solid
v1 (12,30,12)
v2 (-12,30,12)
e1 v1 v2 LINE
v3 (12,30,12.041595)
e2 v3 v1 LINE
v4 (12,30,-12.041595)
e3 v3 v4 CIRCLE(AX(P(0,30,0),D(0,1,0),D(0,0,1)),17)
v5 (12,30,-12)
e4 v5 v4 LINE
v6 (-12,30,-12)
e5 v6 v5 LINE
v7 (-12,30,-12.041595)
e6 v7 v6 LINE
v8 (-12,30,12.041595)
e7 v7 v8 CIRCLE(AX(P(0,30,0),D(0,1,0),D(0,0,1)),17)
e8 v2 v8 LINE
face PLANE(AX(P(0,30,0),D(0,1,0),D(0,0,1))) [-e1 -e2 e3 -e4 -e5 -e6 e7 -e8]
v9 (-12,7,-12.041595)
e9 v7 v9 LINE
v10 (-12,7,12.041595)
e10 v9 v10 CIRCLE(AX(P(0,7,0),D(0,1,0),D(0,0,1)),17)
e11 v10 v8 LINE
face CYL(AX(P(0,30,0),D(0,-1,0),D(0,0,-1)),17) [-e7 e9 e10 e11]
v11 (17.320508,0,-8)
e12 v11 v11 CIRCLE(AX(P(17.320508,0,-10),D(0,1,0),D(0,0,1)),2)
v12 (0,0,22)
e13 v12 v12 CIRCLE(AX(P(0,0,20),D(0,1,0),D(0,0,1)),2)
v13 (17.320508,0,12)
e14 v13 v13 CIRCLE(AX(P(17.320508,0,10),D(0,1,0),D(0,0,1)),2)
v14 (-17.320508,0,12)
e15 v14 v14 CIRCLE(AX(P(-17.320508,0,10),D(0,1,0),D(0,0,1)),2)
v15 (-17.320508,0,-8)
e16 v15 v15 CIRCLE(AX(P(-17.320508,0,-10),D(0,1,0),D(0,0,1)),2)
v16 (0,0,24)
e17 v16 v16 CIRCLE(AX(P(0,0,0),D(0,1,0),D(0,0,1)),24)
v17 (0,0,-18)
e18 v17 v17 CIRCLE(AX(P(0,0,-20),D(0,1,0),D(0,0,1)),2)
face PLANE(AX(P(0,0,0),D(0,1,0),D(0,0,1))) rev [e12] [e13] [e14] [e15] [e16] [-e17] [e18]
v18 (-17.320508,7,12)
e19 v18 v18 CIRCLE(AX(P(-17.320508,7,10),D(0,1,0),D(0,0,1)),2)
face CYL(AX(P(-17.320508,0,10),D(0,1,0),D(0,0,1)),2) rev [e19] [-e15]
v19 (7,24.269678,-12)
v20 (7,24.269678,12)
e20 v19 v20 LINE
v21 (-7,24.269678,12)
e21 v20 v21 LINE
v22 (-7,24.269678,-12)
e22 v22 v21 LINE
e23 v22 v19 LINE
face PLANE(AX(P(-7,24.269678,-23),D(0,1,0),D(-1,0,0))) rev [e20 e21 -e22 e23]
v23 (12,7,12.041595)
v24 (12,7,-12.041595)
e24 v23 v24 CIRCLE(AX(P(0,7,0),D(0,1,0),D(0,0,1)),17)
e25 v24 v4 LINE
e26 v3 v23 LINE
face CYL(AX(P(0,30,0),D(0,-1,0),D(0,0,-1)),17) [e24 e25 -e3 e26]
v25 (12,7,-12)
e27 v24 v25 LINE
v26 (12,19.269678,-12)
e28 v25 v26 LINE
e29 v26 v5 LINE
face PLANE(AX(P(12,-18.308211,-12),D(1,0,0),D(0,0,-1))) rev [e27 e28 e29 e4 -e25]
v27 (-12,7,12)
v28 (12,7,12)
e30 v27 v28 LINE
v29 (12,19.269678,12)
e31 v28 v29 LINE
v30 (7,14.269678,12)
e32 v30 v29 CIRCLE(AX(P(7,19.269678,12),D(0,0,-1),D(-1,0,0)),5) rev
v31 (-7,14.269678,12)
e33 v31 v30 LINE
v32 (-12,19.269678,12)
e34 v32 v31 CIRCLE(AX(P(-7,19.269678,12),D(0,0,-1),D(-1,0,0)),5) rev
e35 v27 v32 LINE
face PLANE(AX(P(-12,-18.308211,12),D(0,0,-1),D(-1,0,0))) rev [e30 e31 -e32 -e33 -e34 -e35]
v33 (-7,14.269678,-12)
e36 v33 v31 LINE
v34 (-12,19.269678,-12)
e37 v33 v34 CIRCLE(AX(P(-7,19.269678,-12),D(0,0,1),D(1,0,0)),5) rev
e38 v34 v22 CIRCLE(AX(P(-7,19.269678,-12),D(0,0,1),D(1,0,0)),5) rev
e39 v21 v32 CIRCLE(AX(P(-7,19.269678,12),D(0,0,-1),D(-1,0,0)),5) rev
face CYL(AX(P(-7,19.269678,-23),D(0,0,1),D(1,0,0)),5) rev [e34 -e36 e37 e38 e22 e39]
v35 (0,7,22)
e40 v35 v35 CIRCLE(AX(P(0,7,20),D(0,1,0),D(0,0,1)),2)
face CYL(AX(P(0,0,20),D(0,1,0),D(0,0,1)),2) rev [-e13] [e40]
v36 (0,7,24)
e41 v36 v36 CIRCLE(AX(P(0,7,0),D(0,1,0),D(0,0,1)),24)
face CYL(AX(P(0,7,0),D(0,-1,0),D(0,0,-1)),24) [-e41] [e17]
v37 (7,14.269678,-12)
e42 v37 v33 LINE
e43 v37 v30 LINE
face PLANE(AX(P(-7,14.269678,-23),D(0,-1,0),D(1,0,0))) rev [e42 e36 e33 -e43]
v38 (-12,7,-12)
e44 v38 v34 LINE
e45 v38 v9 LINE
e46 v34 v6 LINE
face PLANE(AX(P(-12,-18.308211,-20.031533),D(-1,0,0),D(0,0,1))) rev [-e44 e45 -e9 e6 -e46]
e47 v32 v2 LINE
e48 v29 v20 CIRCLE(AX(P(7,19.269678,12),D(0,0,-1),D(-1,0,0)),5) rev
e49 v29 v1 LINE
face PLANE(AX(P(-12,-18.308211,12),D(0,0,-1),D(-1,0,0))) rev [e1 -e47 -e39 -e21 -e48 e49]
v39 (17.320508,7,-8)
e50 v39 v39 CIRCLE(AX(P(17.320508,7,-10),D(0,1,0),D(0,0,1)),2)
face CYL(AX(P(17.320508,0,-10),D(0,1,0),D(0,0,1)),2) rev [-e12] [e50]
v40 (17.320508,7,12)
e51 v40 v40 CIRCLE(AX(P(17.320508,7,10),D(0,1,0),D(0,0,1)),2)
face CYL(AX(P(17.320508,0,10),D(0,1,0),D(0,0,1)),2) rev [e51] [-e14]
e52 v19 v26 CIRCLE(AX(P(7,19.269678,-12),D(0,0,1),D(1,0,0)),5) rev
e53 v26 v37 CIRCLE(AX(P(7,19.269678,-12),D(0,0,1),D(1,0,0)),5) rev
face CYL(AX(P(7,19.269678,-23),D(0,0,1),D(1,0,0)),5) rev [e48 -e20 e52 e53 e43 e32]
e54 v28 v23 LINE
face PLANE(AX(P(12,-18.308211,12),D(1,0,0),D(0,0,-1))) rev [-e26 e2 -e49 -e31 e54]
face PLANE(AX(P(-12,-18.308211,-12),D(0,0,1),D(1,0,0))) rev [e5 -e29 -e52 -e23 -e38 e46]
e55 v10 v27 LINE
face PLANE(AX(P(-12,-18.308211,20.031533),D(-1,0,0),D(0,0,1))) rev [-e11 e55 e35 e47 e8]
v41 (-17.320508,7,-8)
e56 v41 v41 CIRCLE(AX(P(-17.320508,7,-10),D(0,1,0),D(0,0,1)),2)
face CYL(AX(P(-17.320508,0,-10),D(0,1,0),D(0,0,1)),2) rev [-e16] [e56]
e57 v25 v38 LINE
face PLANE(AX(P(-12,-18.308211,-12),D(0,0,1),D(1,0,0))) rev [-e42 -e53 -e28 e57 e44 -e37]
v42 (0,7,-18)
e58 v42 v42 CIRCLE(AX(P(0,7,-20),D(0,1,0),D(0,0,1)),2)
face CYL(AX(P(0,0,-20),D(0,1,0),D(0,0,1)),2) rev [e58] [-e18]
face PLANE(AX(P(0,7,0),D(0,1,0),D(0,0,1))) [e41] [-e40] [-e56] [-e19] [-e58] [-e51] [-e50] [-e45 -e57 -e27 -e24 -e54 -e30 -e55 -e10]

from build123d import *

# Parameters (mm, degrees)
SKETCH_1_R          = 24
EXTRUDE_1_DEPTH     = 7
SKETCH_2_R          = 17
EXTRUDE_2_DEPTH     = 23
CUT_EXTRUDE_1_DEPTH = 23
CUT_EXTRUDE_3_REACH = 47.299
SKETCH_4_W          = 24
SKETCH_4_H          = 8.031532799
SKETCH_5_R          = 2
CUT_EXTRUDE_2_DEPTH = 42


with BuildPart() as part:
    # Эскиз1 → Вытянуть1 (new body)
    with BuildSketch(Plane(origin=(0, 0, 0), x_dir=(1, 0, 0), z_dir=(0, 1, 0))):
        with Locations(Location((0, 0, 0), (0, 0, 270))):
            Circle(SKETCH_1_R)
    extrude(amount=EXTRUDE_1_DEPTH)

    # Эскиз2 → Вытянуть2 (add)
    with BuildSketch(Plane(origin=(0, 7, 0), x_dir=(1, 0, 0), z_dir=(0, 1, 0))):
        with Locations(Location((0, 0, 0), (0, 0, 270))):
            Circle(SKETCH_2_R)
    extrude(amount=EXTRUDE_2_DEPTH)

    # Эскиз3 → Вырез-Вытянуть1 (cut, symmetric)
    with BuildSketch(Plane.XY):
        with BuildLine():
            Line((-7, 24.269678179), (7, 24.269678179))
            ThreePointArc((7, 24.269678179), (12, 19.269678179), (7, 14.269678179))
            Line((7, 14.269678179), (-7, 14.269678179))
            ThreePointArc((-7, 14.269678179), (-12, 19.269678179), (-7, 24.269678179))
        make_face()
    extrude(amount=CUT_EXTRUDE_1_DEPTH, both=True, mode=Mode.SUBTRACT)

    # Вытянуть3: up to this face of the body (flat: up to its plane)
    cut_extrude_3_end = Plane(part.part.faces().sort_by_distance((0, 7, -23.32117749))[0])
    # Эскиз4 → Вытянуть3 (cut, up to the picked face)
    with BuildSketch(Plane(origin=(0, 30, 0), x_dir=(-1, 0, 0), z_dir=(0, 1, 0)), mode=Mode.PRIVATE) as cut_extrude_3_sk1:
        with Locations((0, -16.0157664)):
            Rectangle(SKETCH_4_W, SKETCH_4_H)
    cut_extrude_3_tool1 = split(extrude(cut_extrude_3_sk1.sketch, amount=-CUT_EXTRUDE_3_REACH, mode=Mode.PRIVATE), bisect_by=cut_extrude_3_end, keep=Keep.BOTH, mode=Mode.PRIVATE)
    # Эскиз4 → Вытянуть3 (cut, up to the picked face)
    with BuildSketch(Plane(origin=(0, 30, 0), x_dir=(-1, 0, 0), z_dir=(0, 1, 0)), mode=Mode.PRIVATE) as cut_extrude_3_sk2:
        with Locations((0, 16.0157664)):
            Rectangle(SKETCH_4_W, SKETCH_4_H)
    cut_extrude_3_tool2 = split(extrude(cut_extrude_3_sk2.sketch, amount=-CUT_EXTRUDE_3_REACH, mode=Mode.PRIVATE), bisect_by=cut_extrude_3_end, keep=Keep.BOTH, mode=Mode.PRIVATE)
    add(cut_extrude_3_tool1.solids().sort_by(Axis((0, 30, -16.015766), (0, -1, 0)))[0], mode=Mode.SUBTRACT)
    add(cut_extrude_3_tool2.solids().sort_by(Axis((0, 30, 16.015766), (0, -1, 0)))[0], mode=Mode.SUBTRACT)

    # Эскиз5 → Вырез-Вытянуть2 (cut, through all)
    with BuildSketch(Plane(origin=(0, 7, 0), x_dir=(1, 0, 0), z_dir=(0, 1, 0))):
        with Locations(Location((0, 20, 0), (0, 0, 270))):
            Circle(SKETCH_5_R)
        with Locations(Location((17.320508076, 10, 0), (0, 0, 270))):
            Circle(SKETCH_5_R)
        with Locations(Location((17.320508076, -10, 0), (0, 0, 270))):
            Circle(SKETCH_5_R)
        with Locations(Location((0, -20, 0), (0, 0, 270))):
            Circle(SKETCH_5_R)
        with Locations(Location((-17.320508076, -10, 0), (0, 0, 270))):
            Circle(SKETCH_5_R)
        with Locations(Location((-17.320508076, 10, 0), (0, 0, 270))):
            Circle(SKETCH_5_R)
    extrude(amount=-CUT_EXTRUDE_2_DEPTH, mode=Mode.SUBTRACT)


solid = part.part
